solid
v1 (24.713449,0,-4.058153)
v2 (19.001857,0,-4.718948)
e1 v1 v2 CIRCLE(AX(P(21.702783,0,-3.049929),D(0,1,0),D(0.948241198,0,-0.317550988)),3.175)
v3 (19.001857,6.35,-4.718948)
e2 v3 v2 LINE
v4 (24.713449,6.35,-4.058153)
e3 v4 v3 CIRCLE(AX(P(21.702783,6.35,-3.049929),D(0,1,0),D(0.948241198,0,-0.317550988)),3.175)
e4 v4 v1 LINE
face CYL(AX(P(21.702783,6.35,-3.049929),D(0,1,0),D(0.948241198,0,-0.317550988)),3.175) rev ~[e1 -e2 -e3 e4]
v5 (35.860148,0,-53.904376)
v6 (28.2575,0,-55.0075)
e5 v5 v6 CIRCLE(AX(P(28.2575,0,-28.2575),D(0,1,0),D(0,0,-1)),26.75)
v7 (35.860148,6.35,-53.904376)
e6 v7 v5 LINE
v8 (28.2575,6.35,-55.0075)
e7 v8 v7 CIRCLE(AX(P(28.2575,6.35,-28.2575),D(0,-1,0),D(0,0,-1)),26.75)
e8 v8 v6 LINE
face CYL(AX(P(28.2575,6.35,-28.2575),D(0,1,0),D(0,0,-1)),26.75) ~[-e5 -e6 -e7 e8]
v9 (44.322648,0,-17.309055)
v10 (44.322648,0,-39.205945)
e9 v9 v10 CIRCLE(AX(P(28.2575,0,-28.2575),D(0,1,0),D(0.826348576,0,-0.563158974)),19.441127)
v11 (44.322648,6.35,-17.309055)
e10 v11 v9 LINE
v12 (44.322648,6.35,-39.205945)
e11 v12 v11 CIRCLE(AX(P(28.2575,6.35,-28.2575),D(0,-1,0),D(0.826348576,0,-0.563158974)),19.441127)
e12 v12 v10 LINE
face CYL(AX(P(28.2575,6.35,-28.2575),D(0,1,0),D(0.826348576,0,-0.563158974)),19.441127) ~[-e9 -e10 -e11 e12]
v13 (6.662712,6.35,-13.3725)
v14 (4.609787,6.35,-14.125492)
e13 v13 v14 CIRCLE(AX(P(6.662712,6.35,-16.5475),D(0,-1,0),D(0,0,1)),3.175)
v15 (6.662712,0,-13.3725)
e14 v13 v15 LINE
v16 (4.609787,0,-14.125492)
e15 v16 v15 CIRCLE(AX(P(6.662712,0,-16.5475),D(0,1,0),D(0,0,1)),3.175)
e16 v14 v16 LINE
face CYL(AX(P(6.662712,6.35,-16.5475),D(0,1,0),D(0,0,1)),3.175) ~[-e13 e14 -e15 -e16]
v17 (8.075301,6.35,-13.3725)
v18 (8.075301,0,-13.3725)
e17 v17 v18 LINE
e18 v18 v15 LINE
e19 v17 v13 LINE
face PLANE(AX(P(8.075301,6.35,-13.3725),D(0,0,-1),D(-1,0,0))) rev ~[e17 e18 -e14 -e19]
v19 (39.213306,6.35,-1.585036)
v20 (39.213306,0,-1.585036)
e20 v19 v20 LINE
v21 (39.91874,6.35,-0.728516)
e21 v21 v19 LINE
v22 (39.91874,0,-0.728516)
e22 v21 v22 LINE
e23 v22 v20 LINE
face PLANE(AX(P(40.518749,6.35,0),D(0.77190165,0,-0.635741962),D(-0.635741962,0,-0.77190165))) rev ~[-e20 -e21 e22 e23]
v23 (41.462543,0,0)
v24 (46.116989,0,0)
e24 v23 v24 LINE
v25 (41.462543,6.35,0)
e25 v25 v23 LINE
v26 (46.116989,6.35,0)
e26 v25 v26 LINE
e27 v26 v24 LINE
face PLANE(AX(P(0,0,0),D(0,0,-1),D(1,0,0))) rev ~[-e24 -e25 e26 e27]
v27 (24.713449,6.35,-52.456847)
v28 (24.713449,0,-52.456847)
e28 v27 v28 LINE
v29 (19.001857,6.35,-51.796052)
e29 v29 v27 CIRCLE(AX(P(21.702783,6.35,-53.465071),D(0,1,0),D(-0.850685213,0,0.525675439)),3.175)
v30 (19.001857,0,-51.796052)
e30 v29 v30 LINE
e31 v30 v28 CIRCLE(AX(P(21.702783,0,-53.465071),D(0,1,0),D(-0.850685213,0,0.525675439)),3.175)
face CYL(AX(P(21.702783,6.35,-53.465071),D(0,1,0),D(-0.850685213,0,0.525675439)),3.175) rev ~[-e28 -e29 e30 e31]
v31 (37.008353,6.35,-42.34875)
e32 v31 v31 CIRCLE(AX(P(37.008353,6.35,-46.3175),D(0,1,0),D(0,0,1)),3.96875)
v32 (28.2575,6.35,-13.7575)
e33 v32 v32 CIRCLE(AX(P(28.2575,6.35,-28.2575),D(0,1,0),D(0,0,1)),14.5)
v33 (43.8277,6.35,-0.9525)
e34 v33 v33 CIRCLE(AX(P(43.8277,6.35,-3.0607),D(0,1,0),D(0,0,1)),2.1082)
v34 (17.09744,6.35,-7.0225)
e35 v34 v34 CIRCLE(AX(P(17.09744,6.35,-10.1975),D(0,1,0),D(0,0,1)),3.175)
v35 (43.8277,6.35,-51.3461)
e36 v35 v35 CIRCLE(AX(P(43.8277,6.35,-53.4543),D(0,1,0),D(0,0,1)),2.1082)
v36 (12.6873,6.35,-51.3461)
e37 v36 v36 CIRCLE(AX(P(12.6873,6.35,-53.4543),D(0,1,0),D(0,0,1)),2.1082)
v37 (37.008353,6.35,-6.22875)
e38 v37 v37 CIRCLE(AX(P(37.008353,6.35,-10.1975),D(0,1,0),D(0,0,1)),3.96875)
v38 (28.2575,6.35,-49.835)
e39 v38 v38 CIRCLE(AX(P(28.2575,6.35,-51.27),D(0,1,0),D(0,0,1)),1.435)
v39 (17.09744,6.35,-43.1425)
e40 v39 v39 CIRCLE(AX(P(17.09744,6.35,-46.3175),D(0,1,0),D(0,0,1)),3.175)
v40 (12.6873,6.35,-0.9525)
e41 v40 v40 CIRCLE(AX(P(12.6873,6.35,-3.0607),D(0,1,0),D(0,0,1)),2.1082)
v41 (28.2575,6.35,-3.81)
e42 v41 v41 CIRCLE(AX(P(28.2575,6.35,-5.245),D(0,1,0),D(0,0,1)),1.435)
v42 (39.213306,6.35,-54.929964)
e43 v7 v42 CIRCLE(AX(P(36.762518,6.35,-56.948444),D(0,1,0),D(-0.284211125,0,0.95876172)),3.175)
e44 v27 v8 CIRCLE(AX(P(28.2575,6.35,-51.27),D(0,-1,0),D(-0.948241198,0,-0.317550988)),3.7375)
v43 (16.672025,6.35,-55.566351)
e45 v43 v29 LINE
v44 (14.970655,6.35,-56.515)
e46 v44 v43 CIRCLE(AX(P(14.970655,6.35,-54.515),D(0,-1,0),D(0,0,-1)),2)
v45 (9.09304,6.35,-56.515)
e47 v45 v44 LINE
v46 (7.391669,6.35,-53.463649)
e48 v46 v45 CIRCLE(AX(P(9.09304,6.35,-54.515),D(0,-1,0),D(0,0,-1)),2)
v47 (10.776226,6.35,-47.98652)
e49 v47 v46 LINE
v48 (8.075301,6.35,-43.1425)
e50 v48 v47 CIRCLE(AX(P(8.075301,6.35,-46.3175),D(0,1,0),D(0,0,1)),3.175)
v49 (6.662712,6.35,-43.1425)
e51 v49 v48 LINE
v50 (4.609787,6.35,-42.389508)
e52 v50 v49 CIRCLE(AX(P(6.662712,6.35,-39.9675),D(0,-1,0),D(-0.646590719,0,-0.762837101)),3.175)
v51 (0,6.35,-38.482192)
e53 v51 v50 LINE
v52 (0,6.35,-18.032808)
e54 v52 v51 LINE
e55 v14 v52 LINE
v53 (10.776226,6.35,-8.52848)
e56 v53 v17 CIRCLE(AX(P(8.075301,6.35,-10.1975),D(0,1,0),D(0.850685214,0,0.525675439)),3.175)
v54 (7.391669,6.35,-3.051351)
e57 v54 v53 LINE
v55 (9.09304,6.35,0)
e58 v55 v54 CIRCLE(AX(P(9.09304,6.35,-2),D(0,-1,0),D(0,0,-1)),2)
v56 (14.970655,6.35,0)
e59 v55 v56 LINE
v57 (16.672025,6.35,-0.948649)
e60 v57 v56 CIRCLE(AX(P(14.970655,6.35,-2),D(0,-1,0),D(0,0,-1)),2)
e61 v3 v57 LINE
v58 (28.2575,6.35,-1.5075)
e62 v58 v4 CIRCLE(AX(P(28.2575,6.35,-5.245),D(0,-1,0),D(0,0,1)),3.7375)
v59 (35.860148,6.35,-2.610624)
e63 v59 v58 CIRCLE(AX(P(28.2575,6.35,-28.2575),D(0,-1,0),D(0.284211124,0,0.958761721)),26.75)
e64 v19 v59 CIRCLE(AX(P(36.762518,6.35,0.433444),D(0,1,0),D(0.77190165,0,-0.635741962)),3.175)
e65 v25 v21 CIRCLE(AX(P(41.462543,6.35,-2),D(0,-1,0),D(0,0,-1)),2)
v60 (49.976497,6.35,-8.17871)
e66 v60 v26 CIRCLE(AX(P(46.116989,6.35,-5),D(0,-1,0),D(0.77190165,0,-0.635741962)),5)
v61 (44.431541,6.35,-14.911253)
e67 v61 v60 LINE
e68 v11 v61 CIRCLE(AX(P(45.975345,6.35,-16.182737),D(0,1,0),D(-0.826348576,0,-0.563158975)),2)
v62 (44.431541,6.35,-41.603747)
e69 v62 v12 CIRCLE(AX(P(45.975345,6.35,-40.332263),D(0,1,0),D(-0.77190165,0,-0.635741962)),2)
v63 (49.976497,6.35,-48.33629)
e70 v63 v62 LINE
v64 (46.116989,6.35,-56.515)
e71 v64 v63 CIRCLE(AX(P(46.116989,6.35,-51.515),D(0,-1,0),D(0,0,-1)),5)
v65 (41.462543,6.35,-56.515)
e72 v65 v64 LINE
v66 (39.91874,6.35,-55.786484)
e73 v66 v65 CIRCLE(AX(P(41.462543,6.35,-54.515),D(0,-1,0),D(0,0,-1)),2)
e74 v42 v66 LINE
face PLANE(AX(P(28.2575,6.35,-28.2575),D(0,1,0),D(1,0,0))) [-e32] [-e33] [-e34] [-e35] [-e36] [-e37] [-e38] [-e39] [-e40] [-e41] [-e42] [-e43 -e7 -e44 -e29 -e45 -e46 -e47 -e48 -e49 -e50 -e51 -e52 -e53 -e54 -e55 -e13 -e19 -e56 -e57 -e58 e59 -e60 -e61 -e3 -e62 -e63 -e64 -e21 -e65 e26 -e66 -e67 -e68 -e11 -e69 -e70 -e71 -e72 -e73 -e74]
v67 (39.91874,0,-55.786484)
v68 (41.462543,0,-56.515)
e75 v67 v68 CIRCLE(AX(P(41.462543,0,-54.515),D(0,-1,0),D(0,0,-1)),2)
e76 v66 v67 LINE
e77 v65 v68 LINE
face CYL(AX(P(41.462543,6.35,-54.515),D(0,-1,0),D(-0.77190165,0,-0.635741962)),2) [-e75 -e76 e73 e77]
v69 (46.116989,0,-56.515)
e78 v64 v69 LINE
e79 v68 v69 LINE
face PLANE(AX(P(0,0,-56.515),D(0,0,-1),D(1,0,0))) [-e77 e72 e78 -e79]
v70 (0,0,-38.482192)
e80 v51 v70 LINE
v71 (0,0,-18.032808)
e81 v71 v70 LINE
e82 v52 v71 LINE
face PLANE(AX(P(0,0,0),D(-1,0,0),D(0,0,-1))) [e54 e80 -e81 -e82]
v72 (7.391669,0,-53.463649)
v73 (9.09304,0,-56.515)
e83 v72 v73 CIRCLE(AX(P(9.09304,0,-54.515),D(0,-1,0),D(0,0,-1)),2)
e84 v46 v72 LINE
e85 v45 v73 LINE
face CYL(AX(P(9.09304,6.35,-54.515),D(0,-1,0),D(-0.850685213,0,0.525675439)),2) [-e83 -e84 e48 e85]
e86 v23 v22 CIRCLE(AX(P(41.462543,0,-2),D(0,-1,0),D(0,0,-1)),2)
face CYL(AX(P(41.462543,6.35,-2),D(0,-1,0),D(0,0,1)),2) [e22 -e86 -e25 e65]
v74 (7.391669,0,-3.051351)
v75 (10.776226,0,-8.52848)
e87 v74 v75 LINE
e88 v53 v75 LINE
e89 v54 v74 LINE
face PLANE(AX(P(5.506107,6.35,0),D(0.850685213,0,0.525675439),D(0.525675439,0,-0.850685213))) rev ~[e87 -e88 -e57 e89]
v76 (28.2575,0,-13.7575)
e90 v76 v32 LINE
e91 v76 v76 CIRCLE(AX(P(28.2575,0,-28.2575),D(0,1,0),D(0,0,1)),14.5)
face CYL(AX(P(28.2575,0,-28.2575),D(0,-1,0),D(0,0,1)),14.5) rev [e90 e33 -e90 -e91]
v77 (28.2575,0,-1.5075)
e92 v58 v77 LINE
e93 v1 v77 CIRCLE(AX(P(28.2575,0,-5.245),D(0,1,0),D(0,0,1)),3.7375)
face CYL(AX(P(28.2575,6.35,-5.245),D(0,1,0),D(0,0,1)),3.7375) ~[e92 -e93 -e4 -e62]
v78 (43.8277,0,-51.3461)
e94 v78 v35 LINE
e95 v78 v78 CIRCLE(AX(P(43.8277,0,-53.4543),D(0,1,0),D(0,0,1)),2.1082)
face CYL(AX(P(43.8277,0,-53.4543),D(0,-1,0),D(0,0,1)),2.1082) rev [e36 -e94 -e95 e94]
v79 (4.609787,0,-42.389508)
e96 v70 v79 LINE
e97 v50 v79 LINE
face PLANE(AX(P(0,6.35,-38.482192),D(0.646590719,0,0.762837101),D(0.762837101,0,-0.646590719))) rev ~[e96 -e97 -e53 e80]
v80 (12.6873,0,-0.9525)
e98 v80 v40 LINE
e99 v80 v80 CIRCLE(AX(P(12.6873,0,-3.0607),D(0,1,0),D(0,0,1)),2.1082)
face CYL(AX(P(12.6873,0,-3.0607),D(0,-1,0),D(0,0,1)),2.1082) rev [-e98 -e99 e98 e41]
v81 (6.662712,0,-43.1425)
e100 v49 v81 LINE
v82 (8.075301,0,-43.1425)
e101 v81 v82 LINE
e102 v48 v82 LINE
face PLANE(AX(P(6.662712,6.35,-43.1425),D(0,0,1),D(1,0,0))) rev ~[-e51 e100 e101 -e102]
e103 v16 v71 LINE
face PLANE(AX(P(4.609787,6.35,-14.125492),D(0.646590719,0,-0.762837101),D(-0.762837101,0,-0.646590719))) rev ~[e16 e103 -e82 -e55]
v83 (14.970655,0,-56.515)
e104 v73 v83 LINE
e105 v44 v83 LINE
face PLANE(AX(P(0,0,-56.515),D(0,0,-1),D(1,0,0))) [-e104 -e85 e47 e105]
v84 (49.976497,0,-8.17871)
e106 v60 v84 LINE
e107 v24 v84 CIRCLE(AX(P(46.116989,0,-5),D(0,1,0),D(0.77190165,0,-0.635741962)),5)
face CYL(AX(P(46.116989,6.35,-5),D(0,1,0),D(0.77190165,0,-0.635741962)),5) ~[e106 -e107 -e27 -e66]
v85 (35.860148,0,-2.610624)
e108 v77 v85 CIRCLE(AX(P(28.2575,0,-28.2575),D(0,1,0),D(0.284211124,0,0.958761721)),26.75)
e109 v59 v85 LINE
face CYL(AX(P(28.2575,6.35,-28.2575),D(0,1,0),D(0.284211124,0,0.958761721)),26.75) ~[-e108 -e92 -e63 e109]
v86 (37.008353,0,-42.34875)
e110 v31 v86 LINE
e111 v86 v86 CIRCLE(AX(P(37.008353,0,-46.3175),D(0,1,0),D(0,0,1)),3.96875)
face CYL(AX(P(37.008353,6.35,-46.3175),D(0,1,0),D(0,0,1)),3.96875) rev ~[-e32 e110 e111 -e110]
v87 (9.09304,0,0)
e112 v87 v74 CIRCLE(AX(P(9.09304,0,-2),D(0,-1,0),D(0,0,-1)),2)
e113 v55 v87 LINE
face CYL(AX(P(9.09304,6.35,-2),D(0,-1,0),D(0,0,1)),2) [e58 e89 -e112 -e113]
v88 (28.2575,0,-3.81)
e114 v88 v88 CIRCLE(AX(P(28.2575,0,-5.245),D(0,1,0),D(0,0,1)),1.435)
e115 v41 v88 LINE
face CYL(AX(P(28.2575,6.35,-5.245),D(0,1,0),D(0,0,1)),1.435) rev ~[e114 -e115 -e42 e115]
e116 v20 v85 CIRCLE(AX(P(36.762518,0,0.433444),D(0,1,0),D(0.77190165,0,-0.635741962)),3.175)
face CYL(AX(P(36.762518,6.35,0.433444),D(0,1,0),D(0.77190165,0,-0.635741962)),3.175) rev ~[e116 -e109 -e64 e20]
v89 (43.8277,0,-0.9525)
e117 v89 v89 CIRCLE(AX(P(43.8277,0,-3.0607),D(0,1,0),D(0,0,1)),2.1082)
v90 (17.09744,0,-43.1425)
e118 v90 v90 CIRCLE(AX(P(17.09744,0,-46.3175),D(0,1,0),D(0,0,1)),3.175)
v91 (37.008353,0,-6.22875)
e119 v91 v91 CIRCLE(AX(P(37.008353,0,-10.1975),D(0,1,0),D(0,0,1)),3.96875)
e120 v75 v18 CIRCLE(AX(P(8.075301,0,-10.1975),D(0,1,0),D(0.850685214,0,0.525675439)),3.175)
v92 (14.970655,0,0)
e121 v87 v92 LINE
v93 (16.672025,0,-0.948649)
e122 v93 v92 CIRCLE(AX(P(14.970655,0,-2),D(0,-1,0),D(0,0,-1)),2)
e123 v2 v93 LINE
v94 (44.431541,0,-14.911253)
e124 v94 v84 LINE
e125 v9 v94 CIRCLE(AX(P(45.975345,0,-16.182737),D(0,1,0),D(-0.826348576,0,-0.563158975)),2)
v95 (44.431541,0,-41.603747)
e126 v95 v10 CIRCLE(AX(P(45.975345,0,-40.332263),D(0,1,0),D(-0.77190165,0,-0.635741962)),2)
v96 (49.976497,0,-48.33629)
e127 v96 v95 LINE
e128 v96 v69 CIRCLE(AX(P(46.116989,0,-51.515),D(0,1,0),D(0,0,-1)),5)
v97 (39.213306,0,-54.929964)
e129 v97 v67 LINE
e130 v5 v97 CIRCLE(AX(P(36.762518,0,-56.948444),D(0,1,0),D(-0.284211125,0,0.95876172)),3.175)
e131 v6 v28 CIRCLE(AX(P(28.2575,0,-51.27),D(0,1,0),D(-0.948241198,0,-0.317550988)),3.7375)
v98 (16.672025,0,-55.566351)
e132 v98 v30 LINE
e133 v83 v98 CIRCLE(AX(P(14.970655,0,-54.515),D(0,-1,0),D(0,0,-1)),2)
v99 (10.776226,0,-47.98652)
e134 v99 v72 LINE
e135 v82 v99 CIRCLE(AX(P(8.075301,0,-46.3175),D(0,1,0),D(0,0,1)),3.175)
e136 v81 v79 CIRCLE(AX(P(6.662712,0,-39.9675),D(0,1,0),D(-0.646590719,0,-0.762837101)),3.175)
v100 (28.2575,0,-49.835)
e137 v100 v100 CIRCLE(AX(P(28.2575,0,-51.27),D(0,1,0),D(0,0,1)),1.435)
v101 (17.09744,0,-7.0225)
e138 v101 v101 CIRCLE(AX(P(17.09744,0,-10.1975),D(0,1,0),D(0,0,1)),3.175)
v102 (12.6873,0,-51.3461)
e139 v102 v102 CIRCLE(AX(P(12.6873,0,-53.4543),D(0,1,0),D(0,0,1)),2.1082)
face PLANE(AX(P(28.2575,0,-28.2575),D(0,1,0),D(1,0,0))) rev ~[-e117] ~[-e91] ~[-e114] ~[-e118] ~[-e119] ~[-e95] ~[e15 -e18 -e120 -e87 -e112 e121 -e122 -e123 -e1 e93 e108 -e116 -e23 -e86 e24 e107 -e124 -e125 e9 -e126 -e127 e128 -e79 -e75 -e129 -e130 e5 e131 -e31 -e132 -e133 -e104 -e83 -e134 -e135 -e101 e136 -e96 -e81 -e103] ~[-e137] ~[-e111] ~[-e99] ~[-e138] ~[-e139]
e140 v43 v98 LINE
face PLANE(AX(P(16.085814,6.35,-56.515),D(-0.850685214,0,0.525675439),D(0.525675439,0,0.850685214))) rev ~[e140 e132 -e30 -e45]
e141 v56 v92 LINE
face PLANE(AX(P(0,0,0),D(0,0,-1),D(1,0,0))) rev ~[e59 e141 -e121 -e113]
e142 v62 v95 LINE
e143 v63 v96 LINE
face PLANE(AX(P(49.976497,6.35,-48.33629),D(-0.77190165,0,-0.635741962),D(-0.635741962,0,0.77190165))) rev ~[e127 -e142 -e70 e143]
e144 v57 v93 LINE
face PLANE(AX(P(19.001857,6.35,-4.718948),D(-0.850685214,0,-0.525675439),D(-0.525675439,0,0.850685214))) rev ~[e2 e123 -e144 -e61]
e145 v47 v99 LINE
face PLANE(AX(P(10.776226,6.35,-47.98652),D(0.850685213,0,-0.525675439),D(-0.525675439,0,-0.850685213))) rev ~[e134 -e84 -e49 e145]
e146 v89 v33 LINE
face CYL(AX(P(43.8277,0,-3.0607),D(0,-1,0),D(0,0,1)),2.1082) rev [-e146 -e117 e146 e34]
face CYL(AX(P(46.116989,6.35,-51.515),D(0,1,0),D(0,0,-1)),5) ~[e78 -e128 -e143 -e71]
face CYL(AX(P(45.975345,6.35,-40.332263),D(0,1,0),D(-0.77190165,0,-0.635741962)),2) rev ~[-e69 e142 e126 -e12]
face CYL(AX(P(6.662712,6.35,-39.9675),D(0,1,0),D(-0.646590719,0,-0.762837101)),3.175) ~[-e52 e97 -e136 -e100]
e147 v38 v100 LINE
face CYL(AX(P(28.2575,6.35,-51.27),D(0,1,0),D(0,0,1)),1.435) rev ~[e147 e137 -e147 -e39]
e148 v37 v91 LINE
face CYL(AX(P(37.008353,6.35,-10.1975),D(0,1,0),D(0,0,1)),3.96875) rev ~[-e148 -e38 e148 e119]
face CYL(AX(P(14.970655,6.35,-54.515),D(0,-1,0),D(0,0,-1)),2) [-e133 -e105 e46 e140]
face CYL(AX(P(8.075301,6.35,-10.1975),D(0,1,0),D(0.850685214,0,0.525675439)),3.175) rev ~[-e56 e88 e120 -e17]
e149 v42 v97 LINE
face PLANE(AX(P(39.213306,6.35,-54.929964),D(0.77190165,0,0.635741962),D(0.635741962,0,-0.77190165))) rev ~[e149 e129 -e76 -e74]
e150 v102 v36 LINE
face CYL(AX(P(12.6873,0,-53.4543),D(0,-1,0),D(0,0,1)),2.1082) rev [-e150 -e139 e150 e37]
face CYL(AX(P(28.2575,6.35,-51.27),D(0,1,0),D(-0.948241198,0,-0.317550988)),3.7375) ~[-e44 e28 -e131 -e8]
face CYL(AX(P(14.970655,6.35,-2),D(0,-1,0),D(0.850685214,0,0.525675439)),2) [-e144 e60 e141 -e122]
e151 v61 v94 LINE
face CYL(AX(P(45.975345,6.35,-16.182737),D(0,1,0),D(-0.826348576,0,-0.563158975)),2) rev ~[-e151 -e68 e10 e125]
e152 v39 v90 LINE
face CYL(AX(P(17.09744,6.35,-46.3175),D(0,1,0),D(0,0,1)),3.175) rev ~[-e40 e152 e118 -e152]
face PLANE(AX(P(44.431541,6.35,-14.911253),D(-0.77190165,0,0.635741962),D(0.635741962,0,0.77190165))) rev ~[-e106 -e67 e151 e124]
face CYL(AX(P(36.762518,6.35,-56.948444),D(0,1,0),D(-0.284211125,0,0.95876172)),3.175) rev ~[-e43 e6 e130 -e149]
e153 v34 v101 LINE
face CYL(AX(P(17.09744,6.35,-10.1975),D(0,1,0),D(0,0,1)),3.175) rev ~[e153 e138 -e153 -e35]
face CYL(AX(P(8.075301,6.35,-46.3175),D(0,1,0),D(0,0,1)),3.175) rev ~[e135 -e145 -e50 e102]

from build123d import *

# Parameters (mm, degrees)
SKETCH1_W           = 56.515
SKETCH1_H           = 56.515
SKETCH1_R           = 2.1082
SKETCH1_R_2         = 14.5
BOSS_EXTRUDE1_DEPTH = 6.35
SKETCH3_R           = 1.435
SKETCH3_R_2         = 3.96875
SKETCH3_R_3         = 3.175
CUT_EXTRUDE1_DEPTH  = 81.176137036
FILLET1_R           = 2


with BuildPart() as part:
    # Sketch1 → Boss-Extrude1 (new body)
    with BuildSketch(Plane(origin=(0, 0, 0), x_dir=(1, 0, 0), z_dir=(0, 1, 0))):
        with Locations((28.2575, 28.2575)):
            Rectangle(SKETCH1_W, SKETCH1_H)
        with Locations(Location((43.8277, 3.0607, 0), (0, 0, 270))):
            Circle(SKETCH1_R, mode=Mode.SUBTRACT)
        with Locations(Location((12.6873, 3.0607, 0), (0, 0, 270))):
            Circle(SKETCH1_R, mode=Mode.SUBTRACT)
        with Locations(Location((12.6873, 53.4543, 0), (0, 0, 270))):
            Circle(SKETCH1_R, mode=Mode.SUBTRACT)
        with Locations(Location((43.8277, 53.4543, 0), (0, 0, 270))):
            Circle(SKETCH1_R, mode=Mode.SUBTRACT)
        with Locations(Location((28.2575, 28.2575, 0), (0, 0, 270))):
            Circle(SKETCH1_R_2, mode=Mode.SUBTRACT)
    extrude(amount=BOSS_EXTRUDE1_DEPTH)

    # Sketch3 → Cut-Extrude1 (cut, through all)
    with BuildSketch(Plane(origin=(0, 6.35, 0), x_dir=(1, 0, 0), z_dir=(0, 1, 0))):
        with BuildLine():
            Line((16.085813501, 0), (40.518749208, 0))
            Line((40.518749208, 0), (39.213305633, 1.585036242))
            ThreePointArc((39.213305633, 1.585036242), (37.691149508, 2.60271564), (35.860147574, 2.610623974))
            ThreePointArc((35.860147574, 2.610623974), (32.098630453, 1.784717433), (28.2575, 1.5075))
            ThreePointArc((28.2575, 1.5075), (26.074260862, 2.211458651), (24.713448522, 4.058153181))
            ThreePointArc((24.713448522, 4.058153181), (22.067676274, 6.203891014), (19.001857165, 4.718948313))
            Line((19.001857165, 4.718948313), (16.085813501, 0))
        make_face()
        with BuildLine():
            ThreePointArc((49.976496805, 8.178709811), (50.638799533, 2.866171171), (46.116988554, 0))
            Line((46.116988554, 0), (56.515, 0))
            Line((56.515, 0), (56.515, 56.515))
            Line((56.515, 56.515), (46.116988554, 56.515))
            ThreePointArc((46.116988554, 56.515), (50.638799533, 53.648828829), (49.976496805, 48.336290189))
            Line((49.976496805, 48.336290189), (44.431541374, 41.603746953))
            ThreePointArc((44.431541374, 41.603746953), (43.977403924, 40.422997575), (44.322647522, 39.20594508))
            ThreePointArc((44.322647522, 39.20594508), (47.698626885, 28.2575), (44.322647522, 17.30905492))
            ThreePointArc((44.322647522, 17.30905492), (43.977403924, 16.092002425), (44.431541374, 14.911253047))
            Line((44.431541374, 14.911253047), (49.976496805, 8.178709811))
        make_face()
        with BuildLine():
            Line((0, 0), (5.506106862, 0))
            Line((5.506106862, 0), (10.776226353, 8.52848048))
            ThreePointArc((10.776226353, 8.52848048), (10.848364266, 11.743703095), (8.0753008, 13.3725))
            Line((8.0753008, 13.3725), (6.662712379, 13.3725))
            ThreePointArc((6.662712379, 13.3725), (5.569380258, 13.566686374), (4.609786847, 14.125492205))
            Line((4.609786847, 14.125492205), (0, 18.032807917))
            Line((0, 18.032807917), (0, 0))
        make_face()
        with BuildLine():
            Line((39.213305633, 54.929963758), (40.518749208, 56.515))
            Line((40.518749208, 56.515), (16.085813501, 56.515))
            Line((16.085813501, 56.515), (19.001857165, 51.796051687))
            ThreePointArc((19.001857165, 51.796051687), (22.067676274, 50.311108986), (24.713448522, 52.456846819))
            ThreePointArc((24.713448522, 52.456846819), (26.074260862, 54.303541349), (28.2575, 55.0075))
            ThreePointArc((28.2575, 55.0075), (32.098630453, 54.730282567), (35.860147574, 53.904376026))
            ThreePointArc((35.860147574, 53.904376026), (37.691149508, 53.91228436), (39.213305633, 54.929963758))
        make_face()
        with BuildLine():
            Line((10.776226353, 47.98651952), (5.506106862, 56.515))
            Line((5.506106862, 56.515), (0, 56.515))
            Line((0, 56.515), (0, 38.482192083))
            Line((0, 38.482192083), (4.609786847, 42.389507795))
            ThreePointArc((4.609786847, 42.389507795), (5.569380258, 42.948313626), (6.662712379, 43.1425))
            Line((6.662712379, 43.1425), (8.0753008, 43.1425))
            ThreePointArc((8.0753008, 43.1425), (10.848364266, 44.771296905), (10.776226353, 47.98651952))
        make_face()
        with Locations(Location((28.2575, 51.27, 0), (0, 0, 270))):
            Circle(SKETCH3_R)
        with Locations(Location((28.2575, 5.245, 0), (0, 0, 270))):
            Circle(SKETCH3_R)
        with Locations(Location((37.008353254, 10.1975, 0), (0, 0, 270))):
            Circle(SKETCH3_R_2)
        with Locations(Location((17.097439516, 10.1975, 0), (0, 0, 270))):
            Circle(SKETCH3_R_3)
        with Locations(Location((17.097439516, 46.3175, 0), (0, 0, 270))):
            Circle(SKETCH3_R_3)
        with Locations(Location((37.008353254, 46.3175, 0), (0, 0, 270))):
            Circle(SKETCH3_R_2)
    extrude(amount=-CUT_EXTRUDE1_DEPTH, mode=Mode.SUBTRACT)

    # Fillet1
    fillet1_edges = [part.edges().sort_by_distance(p)[0] for p in [
        (40.518749208, 3.175, 0),
        (16.085813501, 3.175, 0),
        (5.506106862, 3.175, 0),
        (5.506106862, 3.175, -56.515),
        (16.085813501, 3.175, -56.515),
        (40.518749208, 3.175, -56.515),
    ]]
    fillet(fillet1_edges, radius=FILLET1_R)


solid = part.part
